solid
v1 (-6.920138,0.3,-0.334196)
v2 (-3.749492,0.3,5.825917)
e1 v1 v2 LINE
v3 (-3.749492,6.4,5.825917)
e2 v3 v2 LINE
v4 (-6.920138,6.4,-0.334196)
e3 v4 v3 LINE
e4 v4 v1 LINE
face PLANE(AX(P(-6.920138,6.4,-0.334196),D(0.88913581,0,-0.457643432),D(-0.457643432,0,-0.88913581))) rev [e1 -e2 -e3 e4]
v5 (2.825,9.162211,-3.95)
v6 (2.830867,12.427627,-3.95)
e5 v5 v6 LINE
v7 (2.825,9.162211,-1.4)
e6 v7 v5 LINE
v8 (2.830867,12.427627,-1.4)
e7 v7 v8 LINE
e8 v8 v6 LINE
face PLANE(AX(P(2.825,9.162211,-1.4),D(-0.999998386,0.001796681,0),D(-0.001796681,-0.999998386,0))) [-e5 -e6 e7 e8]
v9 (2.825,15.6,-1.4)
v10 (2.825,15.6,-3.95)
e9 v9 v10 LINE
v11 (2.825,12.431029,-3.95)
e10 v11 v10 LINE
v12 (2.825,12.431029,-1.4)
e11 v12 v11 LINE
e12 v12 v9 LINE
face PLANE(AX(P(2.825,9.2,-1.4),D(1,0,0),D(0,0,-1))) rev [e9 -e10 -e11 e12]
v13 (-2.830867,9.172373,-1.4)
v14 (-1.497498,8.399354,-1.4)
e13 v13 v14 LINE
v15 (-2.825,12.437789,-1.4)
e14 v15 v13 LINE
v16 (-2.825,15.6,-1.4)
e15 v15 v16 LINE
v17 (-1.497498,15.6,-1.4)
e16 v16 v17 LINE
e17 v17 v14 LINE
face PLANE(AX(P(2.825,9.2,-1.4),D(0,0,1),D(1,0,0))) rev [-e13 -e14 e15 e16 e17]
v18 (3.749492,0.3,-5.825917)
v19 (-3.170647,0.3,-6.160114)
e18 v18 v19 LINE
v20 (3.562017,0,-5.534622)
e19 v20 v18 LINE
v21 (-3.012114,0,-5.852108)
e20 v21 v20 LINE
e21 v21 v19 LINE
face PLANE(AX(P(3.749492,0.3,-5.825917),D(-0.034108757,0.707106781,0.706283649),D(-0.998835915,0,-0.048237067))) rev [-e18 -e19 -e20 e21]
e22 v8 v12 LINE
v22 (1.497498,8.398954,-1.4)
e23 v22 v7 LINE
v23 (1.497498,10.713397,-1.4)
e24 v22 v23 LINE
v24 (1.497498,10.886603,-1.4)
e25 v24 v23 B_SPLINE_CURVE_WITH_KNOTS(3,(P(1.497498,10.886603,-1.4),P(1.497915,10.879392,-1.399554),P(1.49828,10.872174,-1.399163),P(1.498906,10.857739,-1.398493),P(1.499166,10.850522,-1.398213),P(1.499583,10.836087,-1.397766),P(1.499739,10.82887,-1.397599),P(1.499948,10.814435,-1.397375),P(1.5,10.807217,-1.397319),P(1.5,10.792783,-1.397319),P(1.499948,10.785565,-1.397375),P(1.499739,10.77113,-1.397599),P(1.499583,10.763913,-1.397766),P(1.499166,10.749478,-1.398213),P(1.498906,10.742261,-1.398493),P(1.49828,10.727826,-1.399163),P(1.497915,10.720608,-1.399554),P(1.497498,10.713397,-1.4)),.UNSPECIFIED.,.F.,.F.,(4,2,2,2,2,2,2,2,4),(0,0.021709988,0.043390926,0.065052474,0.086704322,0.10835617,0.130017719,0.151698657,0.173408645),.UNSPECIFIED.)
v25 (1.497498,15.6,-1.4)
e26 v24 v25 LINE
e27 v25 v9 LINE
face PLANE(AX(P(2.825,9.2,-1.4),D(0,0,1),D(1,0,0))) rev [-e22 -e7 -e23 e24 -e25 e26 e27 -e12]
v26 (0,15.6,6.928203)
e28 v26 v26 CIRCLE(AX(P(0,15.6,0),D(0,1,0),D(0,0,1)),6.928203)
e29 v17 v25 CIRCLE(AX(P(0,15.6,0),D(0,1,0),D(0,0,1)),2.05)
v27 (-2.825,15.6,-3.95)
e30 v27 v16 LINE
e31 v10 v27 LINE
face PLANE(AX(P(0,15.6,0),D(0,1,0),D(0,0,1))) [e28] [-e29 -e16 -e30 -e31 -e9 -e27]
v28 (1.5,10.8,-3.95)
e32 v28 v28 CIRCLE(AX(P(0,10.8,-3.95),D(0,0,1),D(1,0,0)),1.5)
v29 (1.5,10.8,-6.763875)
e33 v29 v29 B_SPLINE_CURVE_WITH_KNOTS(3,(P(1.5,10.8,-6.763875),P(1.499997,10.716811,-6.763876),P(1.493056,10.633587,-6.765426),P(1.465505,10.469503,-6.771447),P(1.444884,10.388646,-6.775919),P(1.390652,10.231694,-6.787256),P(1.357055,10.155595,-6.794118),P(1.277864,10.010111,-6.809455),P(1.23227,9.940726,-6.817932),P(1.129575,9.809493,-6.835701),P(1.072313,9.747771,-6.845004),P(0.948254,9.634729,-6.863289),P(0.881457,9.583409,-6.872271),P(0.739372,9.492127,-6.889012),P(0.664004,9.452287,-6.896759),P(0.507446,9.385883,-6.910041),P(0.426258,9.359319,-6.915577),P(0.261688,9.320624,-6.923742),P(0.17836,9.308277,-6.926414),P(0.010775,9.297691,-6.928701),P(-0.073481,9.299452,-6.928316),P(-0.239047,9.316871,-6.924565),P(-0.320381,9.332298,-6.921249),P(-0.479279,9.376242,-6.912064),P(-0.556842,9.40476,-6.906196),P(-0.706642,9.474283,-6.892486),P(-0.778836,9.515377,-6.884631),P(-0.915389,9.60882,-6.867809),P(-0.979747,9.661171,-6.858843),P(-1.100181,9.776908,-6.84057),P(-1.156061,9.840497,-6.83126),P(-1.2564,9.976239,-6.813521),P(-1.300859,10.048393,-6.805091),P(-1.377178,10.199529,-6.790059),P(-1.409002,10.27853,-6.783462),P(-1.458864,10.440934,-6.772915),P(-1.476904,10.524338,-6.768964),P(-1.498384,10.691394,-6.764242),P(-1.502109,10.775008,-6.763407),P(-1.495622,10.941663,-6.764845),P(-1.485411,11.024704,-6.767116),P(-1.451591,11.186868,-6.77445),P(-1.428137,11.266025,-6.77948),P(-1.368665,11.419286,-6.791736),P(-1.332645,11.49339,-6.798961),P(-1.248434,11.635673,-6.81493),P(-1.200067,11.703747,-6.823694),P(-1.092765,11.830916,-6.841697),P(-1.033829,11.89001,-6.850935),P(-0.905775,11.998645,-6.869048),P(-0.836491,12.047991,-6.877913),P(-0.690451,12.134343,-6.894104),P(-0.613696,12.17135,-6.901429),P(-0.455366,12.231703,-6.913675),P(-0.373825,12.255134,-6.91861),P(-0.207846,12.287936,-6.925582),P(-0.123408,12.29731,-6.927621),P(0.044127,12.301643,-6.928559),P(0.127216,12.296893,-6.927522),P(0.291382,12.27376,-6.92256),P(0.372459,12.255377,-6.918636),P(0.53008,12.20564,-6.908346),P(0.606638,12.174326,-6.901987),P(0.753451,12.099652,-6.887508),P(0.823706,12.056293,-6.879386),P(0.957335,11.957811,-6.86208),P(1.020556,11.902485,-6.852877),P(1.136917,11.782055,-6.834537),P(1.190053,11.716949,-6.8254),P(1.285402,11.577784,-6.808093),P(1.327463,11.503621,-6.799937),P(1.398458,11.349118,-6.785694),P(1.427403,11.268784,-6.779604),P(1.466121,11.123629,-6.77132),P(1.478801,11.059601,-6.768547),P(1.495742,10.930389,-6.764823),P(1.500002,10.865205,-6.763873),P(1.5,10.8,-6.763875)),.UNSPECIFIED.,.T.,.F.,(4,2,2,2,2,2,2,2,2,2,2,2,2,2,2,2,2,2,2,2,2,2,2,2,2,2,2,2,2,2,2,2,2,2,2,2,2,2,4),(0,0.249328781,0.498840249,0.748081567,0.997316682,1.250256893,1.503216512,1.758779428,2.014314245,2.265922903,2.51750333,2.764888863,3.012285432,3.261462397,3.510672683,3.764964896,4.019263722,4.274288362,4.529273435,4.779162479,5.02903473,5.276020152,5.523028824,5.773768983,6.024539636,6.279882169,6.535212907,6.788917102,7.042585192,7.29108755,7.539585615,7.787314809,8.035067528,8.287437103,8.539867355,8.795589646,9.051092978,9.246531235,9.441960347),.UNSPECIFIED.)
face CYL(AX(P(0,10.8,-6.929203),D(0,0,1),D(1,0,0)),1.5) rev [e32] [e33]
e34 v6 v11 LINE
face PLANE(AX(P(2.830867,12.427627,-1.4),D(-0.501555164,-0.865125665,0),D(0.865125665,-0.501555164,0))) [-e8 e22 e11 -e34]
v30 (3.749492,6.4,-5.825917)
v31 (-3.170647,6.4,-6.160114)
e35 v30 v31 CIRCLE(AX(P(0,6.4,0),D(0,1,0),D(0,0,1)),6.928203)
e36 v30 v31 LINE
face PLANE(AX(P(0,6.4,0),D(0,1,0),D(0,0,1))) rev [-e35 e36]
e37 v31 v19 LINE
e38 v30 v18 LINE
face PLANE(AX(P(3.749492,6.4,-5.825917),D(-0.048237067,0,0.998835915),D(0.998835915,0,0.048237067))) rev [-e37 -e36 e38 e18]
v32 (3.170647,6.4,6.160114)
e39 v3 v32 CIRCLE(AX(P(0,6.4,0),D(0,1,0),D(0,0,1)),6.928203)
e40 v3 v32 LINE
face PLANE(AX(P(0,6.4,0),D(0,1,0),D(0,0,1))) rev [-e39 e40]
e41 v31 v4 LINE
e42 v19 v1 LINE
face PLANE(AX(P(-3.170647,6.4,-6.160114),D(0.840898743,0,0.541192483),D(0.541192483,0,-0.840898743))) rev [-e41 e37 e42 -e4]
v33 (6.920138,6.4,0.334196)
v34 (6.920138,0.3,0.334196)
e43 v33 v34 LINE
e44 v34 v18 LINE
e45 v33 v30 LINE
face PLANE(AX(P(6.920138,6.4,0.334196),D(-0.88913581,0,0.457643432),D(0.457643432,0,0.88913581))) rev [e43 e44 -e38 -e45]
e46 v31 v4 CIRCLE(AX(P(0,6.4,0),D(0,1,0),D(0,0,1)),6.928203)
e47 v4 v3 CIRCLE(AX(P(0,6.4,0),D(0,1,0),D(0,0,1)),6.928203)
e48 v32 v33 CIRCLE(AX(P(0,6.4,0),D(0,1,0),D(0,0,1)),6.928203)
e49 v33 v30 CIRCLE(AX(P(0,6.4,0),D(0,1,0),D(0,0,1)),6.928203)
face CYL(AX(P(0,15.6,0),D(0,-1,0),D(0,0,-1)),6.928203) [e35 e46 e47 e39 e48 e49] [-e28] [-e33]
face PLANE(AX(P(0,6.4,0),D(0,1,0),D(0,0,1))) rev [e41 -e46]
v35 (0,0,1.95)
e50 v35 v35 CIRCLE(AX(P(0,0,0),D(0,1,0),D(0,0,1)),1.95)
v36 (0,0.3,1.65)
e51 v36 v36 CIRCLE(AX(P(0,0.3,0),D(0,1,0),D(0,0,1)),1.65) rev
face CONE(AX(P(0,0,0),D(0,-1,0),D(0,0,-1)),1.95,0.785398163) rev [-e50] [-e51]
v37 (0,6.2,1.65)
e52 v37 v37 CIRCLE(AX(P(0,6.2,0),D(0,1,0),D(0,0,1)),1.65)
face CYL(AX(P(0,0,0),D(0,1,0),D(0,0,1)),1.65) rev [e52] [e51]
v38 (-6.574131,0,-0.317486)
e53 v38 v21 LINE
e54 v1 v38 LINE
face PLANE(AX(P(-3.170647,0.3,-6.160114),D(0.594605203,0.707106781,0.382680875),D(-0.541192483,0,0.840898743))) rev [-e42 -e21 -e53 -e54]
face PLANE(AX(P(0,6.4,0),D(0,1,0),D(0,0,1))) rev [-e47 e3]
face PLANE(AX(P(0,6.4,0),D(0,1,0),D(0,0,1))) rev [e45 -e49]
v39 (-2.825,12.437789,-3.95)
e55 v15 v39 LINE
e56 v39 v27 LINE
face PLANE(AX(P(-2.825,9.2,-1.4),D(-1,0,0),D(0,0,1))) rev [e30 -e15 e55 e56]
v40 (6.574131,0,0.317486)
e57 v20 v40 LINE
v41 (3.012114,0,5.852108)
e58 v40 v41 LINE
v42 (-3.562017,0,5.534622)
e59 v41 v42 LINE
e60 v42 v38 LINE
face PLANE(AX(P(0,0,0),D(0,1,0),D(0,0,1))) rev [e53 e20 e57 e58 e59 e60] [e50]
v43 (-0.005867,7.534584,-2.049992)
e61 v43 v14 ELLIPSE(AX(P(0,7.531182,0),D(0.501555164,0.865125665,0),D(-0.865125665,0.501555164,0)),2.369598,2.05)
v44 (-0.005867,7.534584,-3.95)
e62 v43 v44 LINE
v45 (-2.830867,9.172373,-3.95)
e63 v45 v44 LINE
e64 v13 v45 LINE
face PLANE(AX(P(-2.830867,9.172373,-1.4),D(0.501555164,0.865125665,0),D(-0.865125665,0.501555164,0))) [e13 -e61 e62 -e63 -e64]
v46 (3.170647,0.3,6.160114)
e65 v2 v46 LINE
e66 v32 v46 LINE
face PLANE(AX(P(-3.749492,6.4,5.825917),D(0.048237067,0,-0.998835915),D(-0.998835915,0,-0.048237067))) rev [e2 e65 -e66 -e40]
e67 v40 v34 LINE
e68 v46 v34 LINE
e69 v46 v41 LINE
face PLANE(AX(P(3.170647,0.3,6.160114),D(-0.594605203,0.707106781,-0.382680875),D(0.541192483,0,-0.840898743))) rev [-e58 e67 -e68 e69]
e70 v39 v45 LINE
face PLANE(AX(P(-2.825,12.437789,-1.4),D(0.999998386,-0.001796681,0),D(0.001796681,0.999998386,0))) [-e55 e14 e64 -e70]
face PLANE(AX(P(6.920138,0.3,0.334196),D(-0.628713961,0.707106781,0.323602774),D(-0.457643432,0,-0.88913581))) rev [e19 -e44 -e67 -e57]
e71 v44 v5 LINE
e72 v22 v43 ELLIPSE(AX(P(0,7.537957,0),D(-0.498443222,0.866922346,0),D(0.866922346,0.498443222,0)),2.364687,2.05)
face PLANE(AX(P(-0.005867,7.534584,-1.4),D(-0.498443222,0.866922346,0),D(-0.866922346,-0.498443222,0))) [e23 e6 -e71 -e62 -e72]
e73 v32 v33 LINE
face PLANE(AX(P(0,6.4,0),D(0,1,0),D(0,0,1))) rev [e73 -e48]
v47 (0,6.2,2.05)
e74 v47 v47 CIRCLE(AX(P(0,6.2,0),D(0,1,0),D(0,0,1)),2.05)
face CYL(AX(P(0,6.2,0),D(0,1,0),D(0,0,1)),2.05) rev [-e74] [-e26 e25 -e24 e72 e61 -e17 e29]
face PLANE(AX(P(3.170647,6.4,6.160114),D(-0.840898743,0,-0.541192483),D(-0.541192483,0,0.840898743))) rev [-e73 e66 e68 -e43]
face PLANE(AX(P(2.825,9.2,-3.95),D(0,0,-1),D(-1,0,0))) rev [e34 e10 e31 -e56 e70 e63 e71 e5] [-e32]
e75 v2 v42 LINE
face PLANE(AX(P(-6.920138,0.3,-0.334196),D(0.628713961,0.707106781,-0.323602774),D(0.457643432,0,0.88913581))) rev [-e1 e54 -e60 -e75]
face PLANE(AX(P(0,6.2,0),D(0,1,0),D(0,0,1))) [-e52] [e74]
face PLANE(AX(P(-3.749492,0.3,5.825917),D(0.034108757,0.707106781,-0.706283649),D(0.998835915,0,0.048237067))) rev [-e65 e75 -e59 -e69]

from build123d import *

# Parameters (mm, degrees)
BOSS_EXTRUDE1_DEPTH            = 6.4
SKETCH2_R                      = 6.92820323
BOSS_EXTRUDE2_DEPTH            = 9.2
SKETCH3_R                      = 1.65
CUT_EXTRUDE3_DEPTH             = 19.421726303
SKETCH4_W                      = 5.65
SKETCH4_H                      = 2.55
CUT_EXTRUDE4_DEPTH             = 6.4
CUT_EXTRUDE5_REACH             = 22.241
CUT_EXTRUDE5_DIRECTION_2_REACH = 22.241
CUT_EXTRUDE7_DEPTH             = 2.55
SKETCH3_4_R                    = 2.05
SKETCH3_4_R_2                  = 1.65
CUT_EXTRUDE8_DEPTH             = 9.4
CHAMFER1_SIZE                  = 0.3


with BuildPart() as part:
    # Sketch1 → Boss-Extrude1 (new body)
    with BuildSketch(Plane(origin=(0, 0, 0), x_dir=(1, 0, 0), z_dir=(0, 1, 0))):
        Polygon((3.170646703, -6.160113594), (6.920138214, -0.334196206), (3.749491511, 5.825917388), (-3.170646703, 6.160113594), (-6.920138214, 0.334196206), (-3.749491511, -5.825917388), align=None)
    extrude(amount=BOSS_EXTRUDE1_DEPTH)

    # Sketch2 → Boss-Extrude2 (add)
    with BuildSketch(Plane(origin=(0, 6.4, 0), x_dir=(1, 0, 0), z_dir=(0, 1, 0))):
        Circle(SKETCH2_R)
    extrude(amount=BOSS_EXTRUDE2_DEPTH)

    # Sketch3 → Cut-Extrude3 (cut, through all)
    with BuildSketch(Plane(origin=(0, 15.6, 0), x_dir=(1, 0, 0), z_dir=(0, 1, 0))):
        Circle(SKETCH3_R)
    extrude(amount=-CUT_EXTRUDE3_DEPTH, mode=Mode.SUBTRACT)

    # Sketch4 → Cut-Extrude4 (cut)
    with BuildSketch(Plane(origin=(0, 15.6, 0), x_dir=(1, 0, 0), z_dir=(0, 1, 0))):
        with Locations((0, 2.675)):
            Rectangle(SKETCH4_W, SKETCH4_H)
    extrude(amount=-CUT_EXTRUDE4_DEPTH, mode=Mode.SUBTRACT)

    # Sketch5 → Cut-Extrude5 (cut, up to next)
    with BuildSketch(Plane.XY.offset(-3.95), mode=Mode.PRIVATE) as cut_extrude5_sk1:
        with BuildLine():
            ThreePointArc((0, 12.3), (-1.060660172, 9.739339828), (1.5, 10.8))
            ThreePointArc((1.5, 10.8), (1.060660172, 11.860660172), (0, 12.3))
        make_face()
    cut_extrude5_tool1 = extrude(cut_extrude5_sk1.sketch, amount=-CUT_EXTRUDE5_REACH, mode=Mode.PRIVATE) & part.part
    add(cut_extrude5_tool1.solids().sort_by_distance((0, 10.8, -3.95))[0], mode=Mode.SUBTRACT)

    # Sketch5 → Cut-Extrude5 direction 2 (cut, up to next)
    with BuildSketch(Plane.XY.offset(-3.95), mode=Mode.PRIVATE) as cut_extrude5_direction_2_sk1:
        with BuildLine():
            ThreePointArc((0, 12.3), (-1.060660172, 9.739339828), (1.5, 10.8))
            ThreePointArc((1.5, 10.8), (1.060660172, 11.860660172), (0, 12.3))
        make_face()
    cut_extrude5_direction_2_tool1 = extrude(cut_extrude5_direction_2_sk1.sketch, amount=CUT_EXTRUDE5_DIRECTION_2_REACH, mode=Mode.PRIVATE) & part.part
    add(cut_extrude5_direction_2_tool1.solids().sort_by_distance((0, 10.8, -3.95))[0], mode=Mode.SUBTRACT)

    # Sketch7 → Cut-Extrude7 (cut)
    with BuildSketch(Plane.XY.offset(-3.95)):
        Polygon((-2.825, 12.437789047), (-2.830866921, 9.172372758), (-0.005866921, 7.534583711), (2.825, 9.162210953), (2.830866921, 12.427627242), (0.005866921, 14.065416289), align=None)
    extrude(amount=CUT_EXTRUDE7_DEPTH, mode=Mode.SUBTRACT)

    # Sketch3<4> → Cut-Extrude8 (cut)
    with BuildSketch(Plane(origin=(0, 15.6, 0), x_dir=(1, 0, 0), z_dir=(0, 1, 0))):
        Circle(SKETCH3_4_R)
        Circle(SKETCH3_4_R_2, mode=Mode.SUBTRACT)
    extrude(amount=-CUT_EXTRUDE8_DEPTH, mode=Mode.SUBTRACT)

    # Chamfer1
    chamfer1_edges = [part.edges().sort_by_distance(p)[0] for p in [
        (5.045392458, 0, 3.2471549),
        (5.334814862, 0, -2.745860591),
        (0.289422404, 0, -5.993015491),
        (-5.045392458, 0, -3.2471549),
        (-5.334814862, 0, 2.745860591),
        (-0.289422404, 0, 5.993015491),
        (-1.65, 0, 0),
    ]]
    chamfer(chamfer1_edges, length=CHAMFER1_SIZE)


solid = part.part
